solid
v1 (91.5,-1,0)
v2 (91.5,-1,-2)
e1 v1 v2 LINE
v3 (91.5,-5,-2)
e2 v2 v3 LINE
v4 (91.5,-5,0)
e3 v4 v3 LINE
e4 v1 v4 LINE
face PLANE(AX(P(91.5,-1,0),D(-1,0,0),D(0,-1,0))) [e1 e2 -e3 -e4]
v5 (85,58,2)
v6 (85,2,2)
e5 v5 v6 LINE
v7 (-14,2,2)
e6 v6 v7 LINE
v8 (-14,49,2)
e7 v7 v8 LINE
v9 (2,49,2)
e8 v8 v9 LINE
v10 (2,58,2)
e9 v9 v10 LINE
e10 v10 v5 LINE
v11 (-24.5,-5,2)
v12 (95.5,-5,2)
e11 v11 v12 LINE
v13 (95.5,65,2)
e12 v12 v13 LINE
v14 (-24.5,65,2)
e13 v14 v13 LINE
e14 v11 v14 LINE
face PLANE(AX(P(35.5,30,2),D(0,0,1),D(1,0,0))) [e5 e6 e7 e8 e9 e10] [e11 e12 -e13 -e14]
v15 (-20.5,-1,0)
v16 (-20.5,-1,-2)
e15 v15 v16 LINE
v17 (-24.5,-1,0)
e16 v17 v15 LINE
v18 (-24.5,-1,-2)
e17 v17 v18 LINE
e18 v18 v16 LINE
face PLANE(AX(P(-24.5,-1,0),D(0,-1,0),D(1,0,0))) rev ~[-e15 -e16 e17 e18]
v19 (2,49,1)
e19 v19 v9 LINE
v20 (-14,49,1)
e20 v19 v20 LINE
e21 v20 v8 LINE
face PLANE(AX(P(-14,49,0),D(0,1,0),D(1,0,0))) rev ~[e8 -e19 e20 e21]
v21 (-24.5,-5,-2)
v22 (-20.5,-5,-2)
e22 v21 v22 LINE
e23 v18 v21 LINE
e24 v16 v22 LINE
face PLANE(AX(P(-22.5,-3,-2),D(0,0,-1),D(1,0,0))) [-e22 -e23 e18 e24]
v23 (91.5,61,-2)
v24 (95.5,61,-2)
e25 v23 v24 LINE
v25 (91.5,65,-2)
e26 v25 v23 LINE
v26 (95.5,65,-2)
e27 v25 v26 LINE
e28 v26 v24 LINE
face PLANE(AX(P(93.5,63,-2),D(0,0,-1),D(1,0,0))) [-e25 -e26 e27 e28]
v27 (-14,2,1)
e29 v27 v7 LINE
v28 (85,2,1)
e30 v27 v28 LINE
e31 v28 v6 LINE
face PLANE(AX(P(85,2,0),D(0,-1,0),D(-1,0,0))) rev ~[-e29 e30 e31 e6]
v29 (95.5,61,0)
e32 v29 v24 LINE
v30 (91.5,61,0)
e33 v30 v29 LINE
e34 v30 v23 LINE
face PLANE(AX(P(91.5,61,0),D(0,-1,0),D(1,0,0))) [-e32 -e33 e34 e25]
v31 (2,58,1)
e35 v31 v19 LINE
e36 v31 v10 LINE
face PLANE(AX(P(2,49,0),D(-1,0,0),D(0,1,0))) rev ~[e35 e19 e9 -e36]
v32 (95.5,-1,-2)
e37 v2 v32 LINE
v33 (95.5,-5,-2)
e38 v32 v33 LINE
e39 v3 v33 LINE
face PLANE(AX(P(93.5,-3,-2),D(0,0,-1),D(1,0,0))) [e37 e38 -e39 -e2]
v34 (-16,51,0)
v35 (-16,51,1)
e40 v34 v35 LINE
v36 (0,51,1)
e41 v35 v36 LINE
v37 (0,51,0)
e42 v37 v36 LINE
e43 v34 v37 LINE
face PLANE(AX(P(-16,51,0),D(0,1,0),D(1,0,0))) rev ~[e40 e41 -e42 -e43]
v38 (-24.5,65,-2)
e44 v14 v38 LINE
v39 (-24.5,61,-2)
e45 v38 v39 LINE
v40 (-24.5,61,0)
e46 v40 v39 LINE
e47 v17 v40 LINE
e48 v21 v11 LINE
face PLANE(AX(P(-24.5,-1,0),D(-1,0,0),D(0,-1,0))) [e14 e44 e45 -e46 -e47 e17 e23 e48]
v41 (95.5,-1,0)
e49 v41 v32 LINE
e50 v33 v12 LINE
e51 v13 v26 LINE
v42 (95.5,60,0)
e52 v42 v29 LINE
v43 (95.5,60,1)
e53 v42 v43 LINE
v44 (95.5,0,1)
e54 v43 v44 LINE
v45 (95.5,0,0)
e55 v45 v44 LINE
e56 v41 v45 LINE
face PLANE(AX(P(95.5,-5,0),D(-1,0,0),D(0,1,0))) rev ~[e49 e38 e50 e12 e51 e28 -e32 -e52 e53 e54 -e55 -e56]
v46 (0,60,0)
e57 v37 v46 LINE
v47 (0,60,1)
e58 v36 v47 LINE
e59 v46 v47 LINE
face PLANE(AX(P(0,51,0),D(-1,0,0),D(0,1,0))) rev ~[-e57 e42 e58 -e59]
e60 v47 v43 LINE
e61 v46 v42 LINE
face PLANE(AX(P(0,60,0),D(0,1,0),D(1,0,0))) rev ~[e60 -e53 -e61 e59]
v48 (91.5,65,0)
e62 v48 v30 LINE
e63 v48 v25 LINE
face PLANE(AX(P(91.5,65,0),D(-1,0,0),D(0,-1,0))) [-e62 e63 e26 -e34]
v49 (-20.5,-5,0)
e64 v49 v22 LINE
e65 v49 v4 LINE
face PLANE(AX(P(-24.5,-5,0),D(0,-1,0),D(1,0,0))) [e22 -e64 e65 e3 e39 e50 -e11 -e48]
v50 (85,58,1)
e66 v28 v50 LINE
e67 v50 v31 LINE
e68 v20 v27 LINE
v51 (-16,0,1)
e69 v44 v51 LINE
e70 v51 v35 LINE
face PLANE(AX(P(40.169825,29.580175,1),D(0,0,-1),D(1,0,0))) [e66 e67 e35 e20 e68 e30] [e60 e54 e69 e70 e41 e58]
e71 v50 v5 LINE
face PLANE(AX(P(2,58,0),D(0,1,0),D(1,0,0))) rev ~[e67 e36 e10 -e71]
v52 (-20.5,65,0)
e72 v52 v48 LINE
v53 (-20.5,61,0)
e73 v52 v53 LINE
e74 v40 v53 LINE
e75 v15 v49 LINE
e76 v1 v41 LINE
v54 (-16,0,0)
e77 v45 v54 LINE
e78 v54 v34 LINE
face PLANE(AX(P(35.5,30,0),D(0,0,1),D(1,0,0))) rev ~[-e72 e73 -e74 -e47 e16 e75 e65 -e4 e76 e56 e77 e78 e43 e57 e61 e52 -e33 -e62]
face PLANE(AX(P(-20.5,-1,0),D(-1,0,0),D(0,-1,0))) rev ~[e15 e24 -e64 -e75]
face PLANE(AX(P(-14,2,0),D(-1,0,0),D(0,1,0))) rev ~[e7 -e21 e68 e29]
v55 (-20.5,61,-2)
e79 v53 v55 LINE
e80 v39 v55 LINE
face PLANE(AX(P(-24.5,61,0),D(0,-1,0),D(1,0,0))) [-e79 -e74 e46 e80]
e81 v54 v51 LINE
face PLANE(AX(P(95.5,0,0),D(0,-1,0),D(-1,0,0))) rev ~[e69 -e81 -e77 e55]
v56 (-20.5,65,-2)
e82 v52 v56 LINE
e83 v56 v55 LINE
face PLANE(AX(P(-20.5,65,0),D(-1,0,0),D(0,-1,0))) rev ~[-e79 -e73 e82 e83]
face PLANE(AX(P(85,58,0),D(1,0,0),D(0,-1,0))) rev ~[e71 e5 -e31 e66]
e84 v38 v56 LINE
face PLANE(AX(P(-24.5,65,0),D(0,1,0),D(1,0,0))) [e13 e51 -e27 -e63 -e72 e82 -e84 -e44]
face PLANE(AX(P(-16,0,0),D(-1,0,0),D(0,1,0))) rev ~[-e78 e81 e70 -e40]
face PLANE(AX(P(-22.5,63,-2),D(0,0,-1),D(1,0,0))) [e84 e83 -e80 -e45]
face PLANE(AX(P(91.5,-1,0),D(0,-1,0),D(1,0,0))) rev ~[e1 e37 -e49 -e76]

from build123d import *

# Parameters (mm, degrees)
F0_W     = 120
F0_H     = 70
F1_DEPTH = 2
F3_DEPTH = 1
F4_W     = 4
F4_H     = 4
F5_DEPTH = 2


with BuildPart() as f1:
    # F0 (on Top) → F1 (new body)
    with BuildSketch(Plane.XY):
        with Locations((35.5, 30)):
            Rectangle(F0_W, F0_H)
        Polygon((2, 49), (2, 58), (85, 58), (85, 2), (-14, 2), (-14, 49), align=None, mode=Mode.SUBTRACT)
    extrude(amount=F1_DEPTH)

    # F2 (on face) → F3 (cut)
    with BuildSketch(Plane(origin=(0, 0, 0), x_dir=(1, 0, 0), z_dir=(0, 0, -1))):
        Polygon((95.5, 0), (-16, 0), (-16, -51), (0, -51), (0, -60), (95.5, -60), align=None)
    extrude(amount=-F3_DEPTH, mode=Mode.SUBTRACT)

    # F4 (on face) → F5 (join)
    with BuildSketch(Plane(origin=(0, 0, 0), x_dir=(1, 0, 0), z_dir=(0, 0, -1))):
        with Locations((-22.5, 3)):
            Rectangle(F4_W, F4_H)
        with Locations((-22.5, -63)):
            Rectangle(F4_W, F4_H)
        with Locations((93.5, 3)):
            Rectangle(F4_W, F4_H)
        with Locations((93.5, -63)):
            Rectangle(F4_W, F4_H)
    extrude(amount=F5_DEPTH)


solid = f1.part
